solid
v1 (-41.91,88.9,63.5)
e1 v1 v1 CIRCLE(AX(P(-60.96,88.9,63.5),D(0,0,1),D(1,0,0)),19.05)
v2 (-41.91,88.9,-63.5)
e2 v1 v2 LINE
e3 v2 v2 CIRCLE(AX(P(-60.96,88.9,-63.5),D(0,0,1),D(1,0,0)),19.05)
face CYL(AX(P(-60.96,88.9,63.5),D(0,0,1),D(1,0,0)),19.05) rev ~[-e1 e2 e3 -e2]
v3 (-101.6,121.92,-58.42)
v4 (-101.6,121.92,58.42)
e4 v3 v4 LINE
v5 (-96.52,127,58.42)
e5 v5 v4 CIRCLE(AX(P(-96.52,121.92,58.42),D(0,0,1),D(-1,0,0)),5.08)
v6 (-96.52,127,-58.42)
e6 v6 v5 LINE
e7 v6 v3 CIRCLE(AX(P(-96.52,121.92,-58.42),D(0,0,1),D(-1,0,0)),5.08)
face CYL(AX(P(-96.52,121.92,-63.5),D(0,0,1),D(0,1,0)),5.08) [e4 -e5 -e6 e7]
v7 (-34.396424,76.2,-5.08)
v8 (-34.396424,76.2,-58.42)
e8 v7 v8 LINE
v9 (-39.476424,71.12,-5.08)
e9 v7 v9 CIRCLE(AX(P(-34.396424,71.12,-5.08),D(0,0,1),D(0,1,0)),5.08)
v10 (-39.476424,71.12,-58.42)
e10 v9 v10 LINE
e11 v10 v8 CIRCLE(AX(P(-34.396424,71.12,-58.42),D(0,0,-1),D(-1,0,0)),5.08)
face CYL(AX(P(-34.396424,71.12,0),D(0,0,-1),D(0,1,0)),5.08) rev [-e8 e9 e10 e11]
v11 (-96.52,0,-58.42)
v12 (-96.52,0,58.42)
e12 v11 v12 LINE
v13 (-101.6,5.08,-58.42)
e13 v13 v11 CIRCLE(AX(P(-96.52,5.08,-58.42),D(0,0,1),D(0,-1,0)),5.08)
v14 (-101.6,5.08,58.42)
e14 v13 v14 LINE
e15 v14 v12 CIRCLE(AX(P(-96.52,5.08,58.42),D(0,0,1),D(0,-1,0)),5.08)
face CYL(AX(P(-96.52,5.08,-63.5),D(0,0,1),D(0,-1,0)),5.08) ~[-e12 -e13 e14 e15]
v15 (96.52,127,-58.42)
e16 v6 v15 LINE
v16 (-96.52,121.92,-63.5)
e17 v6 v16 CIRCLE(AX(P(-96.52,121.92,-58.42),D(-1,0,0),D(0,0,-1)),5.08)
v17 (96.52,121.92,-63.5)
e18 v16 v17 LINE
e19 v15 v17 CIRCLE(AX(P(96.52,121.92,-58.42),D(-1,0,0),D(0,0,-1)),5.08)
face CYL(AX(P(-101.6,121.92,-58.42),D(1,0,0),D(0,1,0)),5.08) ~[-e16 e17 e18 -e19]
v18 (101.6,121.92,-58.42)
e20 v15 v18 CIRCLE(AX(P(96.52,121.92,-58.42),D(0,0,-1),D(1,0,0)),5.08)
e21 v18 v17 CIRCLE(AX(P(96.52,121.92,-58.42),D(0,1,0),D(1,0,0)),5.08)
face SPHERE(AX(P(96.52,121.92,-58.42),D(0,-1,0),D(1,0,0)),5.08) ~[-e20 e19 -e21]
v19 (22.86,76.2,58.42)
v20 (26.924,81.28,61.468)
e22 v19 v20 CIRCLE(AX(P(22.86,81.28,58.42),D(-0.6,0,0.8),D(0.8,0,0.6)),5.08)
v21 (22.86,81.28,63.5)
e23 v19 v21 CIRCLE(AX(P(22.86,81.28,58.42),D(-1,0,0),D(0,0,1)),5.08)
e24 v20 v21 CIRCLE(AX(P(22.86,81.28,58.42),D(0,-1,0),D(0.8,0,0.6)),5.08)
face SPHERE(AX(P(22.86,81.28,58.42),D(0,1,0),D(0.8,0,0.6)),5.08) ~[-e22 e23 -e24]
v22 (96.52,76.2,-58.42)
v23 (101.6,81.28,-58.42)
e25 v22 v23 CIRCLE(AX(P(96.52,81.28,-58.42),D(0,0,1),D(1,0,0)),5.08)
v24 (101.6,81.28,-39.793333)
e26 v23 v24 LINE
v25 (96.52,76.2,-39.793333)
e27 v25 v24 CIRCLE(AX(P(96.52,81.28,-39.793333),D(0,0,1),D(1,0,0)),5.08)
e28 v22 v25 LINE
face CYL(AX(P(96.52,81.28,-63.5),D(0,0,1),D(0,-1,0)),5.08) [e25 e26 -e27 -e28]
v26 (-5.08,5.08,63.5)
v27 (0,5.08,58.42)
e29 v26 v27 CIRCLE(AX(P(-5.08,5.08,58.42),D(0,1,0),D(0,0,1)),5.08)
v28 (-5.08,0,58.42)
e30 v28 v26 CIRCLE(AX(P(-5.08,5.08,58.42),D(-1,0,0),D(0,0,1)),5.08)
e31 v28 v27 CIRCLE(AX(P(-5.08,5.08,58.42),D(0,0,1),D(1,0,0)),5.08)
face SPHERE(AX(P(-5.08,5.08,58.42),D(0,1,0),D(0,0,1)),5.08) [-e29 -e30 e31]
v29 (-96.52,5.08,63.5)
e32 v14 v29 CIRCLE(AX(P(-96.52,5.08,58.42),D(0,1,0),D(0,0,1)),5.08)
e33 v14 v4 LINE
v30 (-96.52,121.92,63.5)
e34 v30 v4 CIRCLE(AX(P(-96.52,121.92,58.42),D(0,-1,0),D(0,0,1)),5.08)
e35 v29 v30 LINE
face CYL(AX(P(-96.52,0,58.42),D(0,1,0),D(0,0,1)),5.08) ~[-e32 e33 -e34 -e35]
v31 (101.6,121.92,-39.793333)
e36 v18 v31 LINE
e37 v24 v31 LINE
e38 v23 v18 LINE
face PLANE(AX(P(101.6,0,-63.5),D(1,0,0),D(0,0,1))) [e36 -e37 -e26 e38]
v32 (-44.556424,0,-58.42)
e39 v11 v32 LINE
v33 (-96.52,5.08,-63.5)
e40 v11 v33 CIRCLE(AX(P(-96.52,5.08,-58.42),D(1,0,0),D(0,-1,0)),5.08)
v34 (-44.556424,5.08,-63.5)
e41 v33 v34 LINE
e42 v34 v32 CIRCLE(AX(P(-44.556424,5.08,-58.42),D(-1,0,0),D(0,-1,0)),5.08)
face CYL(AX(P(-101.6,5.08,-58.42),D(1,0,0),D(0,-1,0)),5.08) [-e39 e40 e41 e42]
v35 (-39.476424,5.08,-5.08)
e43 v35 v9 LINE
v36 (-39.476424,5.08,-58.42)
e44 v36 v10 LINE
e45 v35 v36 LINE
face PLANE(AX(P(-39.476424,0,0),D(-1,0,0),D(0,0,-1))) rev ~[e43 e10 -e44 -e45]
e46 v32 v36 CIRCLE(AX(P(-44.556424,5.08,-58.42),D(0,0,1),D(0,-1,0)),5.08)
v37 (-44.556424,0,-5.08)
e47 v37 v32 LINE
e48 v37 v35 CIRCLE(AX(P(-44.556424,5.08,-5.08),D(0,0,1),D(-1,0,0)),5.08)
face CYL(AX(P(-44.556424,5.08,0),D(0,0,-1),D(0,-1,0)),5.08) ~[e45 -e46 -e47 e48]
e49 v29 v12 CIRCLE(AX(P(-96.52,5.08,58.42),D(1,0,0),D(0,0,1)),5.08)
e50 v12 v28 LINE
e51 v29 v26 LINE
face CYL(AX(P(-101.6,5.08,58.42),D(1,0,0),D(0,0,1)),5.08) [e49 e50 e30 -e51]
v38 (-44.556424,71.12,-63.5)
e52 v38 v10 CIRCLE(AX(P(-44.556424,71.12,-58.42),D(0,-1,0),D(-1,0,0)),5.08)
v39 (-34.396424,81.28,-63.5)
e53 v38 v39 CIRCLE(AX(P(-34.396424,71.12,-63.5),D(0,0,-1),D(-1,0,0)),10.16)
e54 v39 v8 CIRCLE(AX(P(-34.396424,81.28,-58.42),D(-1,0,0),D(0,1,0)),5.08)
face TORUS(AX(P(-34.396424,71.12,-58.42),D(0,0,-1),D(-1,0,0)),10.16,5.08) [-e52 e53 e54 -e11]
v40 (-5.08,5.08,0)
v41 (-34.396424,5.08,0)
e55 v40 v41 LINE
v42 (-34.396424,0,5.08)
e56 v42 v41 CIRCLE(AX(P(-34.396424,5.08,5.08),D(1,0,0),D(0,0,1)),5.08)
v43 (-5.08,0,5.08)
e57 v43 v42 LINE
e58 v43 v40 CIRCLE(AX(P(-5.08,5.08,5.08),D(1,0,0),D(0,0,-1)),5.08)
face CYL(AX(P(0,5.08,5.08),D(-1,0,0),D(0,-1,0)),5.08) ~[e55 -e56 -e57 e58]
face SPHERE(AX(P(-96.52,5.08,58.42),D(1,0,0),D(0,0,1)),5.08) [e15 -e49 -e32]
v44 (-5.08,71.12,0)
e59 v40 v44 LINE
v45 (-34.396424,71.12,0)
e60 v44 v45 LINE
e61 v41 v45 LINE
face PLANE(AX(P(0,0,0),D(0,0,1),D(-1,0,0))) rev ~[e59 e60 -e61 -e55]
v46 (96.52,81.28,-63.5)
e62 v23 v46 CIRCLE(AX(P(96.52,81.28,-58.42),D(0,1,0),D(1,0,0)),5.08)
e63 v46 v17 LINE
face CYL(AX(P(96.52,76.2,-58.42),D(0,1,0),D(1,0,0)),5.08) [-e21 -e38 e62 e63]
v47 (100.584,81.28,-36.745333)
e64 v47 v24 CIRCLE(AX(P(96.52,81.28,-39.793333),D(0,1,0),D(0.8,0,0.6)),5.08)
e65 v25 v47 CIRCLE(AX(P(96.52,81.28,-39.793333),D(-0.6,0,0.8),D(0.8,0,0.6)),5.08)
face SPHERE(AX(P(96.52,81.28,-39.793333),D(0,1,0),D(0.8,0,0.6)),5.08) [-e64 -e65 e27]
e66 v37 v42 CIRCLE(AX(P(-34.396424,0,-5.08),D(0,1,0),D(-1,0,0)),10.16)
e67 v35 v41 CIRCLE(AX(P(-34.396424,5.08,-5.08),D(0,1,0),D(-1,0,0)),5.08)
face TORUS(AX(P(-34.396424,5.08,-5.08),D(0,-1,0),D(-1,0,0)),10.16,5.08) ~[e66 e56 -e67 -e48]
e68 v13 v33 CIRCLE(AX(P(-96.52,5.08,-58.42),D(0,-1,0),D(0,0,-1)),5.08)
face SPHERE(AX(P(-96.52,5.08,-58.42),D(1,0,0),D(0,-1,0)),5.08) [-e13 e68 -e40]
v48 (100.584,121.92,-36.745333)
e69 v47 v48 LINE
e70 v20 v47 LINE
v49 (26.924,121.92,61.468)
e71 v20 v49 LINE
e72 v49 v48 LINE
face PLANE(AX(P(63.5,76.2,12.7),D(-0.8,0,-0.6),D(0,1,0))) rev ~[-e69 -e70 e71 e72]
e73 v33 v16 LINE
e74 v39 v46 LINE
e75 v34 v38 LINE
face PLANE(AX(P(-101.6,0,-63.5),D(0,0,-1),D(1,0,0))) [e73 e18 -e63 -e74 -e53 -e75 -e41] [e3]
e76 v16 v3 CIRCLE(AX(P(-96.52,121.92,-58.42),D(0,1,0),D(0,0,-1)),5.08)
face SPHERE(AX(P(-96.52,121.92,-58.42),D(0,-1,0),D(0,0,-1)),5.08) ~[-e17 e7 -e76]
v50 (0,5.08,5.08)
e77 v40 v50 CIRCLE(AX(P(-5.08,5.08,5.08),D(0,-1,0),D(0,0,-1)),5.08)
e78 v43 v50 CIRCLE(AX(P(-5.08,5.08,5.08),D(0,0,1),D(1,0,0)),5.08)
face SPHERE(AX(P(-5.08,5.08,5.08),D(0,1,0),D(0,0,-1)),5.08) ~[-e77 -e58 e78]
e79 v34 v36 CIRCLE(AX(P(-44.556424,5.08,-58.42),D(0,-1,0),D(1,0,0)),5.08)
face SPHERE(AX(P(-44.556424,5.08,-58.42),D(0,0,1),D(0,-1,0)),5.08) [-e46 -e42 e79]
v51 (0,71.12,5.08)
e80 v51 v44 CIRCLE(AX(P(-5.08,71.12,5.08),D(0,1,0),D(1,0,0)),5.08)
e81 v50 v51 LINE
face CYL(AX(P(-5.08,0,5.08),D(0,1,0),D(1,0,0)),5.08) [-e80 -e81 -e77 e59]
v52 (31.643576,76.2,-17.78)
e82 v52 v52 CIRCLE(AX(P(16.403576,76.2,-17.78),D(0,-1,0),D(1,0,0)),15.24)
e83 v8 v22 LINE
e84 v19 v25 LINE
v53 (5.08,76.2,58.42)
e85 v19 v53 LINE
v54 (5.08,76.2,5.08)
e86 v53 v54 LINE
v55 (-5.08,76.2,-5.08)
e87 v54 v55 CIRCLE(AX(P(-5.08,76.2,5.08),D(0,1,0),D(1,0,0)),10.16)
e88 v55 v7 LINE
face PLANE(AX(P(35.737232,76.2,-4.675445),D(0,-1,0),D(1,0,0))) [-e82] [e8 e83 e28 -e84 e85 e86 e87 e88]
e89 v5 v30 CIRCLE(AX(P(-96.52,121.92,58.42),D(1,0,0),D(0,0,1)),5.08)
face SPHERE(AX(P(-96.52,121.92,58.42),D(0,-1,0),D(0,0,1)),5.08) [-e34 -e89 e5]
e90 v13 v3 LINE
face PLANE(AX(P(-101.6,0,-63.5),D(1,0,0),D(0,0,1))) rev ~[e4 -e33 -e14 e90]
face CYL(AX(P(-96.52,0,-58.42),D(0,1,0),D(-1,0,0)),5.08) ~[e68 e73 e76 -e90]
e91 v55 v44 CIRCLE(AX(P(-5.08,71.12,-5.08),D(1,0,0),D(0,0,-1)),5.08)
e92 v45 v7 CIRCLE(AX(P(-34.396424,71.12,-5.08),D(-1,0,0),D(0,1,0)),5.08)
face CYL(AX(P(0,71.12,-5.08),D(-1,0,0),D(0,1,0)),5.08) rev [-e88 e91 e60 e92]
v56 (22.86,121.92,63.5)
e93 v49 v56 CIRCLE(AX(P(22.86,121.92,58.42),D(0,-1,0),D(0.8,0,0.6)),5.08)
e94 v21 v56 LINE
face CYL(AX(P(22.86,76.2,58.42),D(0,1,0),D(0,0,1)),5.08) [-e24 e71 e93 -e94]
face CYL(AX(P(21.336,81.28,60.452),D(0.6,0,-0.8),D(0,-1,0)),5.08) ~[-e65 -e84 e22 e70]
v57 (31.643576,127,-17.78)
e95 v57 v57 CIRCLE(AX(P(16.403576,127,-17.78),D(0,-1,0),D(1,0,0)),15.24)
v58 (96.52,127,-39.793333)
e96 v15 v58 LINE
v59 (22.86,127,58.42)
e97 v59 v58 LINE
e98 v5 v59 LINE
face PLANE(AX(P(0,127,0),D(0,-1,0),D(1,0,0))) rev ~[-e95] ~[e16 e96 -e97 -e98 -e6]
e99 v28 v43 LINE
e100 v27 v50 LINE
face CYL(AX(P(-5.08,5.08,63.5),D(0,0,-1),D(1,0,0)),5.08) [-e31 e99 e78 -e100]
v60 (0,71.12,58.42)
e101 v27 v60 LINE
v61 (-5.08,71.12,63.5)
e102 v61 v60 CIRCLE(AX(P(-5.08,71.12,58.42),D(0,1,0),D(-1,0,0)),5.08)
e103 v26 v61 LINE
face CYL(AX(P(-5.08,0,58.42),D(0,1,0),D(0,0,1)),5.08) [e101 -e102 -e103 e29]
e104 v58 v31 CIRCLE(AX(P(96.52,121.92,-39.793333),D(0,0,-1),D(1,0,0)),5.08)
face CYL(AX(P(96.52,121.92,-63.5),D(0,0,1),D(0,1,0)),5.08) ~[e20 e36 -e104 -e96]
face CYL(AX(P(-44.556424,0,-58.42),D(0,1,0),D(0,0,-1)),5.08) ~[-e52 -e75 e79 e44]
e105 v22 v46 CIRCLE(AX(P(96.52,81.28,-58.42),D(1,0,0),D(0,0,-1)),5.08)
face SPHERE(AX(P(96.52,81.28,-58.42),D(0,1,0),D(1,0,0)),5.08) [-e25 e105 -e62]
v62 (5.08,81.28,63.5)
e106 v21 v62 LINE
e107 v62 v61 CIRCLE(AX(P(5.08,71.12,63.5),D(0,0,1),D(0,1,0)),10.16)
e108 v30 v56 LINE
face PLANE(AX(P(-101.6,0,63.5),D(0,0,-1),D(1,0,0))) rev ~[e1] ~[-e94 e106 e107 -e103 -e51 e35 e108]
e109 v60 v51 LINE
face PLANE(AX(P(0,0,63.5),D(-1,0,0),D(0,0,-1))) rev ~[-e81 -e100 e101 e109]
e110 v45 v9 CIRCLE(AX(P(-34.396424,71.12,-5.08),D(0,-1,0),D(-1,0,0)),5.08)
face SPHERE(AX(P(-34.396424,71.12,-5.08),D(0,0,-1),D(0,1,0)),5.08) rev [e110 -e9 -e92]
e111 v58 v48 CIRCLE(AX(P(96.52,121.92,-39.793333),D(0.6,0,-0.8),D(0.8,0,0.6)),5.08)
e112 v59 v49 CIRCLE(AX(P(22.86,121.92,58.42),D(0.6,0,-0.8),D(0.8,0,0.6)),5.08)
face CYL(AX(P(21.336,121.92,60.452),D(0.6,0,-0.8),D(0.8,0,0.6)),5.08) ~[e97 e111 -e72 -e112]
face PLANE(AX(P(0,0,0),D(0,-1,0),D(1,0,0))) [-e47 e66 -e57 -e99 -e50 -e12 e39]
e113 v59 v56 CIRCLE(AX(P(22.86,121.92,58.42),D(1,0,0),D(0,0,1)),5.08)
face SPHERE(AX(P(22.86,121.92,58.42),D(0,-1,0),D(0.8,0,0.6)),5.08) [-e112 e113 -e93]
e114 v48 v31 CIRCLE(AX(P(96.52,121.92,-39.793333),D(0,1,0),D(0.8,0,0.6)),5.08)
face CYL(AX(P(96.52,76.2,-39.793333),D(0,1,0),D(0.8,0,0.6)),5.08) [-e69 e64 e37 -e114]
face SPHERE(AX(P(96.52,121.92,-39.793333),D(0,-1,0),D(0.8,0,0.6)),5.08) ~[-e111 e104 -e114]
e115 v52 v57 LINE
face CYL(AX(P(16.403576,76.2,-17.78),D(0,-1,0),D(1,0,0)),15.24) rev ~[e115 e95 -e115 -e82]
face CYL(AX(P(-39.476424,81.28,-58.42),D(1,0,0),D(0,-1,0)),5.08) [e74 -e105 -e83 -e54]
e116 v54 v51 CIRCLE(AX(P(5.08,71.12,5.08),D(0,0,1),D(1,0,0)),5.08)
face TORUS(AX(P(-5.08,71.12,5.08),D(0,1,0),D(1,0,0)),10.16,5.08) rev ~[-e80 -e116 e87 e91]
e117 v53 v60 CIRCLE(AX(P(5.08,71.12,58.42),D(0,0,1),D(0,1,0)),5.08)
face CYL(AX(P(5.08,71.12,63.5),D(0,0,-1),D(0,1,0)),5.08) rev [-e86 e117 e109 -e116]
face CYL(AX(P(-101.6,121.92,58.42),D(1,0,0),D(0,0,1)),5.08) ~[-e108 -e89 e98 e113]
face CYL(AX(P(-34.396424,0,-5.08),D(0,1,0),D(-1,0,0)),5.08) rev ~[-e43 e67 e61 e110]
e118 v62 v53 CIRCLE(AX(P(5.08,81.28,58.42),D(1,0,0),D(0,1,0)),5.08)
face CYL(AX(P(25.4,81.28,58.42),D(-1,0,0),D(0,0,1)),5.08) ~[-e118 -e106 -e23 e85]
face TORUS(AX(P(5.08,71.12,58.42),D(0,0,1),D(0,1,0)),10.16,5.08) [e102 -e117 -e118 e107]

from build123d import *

# Parameters (mm, degrees)
F0_W     = 203.2
F0_H     = 127
F1_DEPTH = 127
F3_DEPTH = 76.2
F4_SIZE2 = 101.6
F4_SIZE  = 76.2
F5_R     = 5.08
F6_R     = 15.24
F7_DEPTH = 50.8
F8_R     = 19.05
F9_DEPTH = 127


with BuildPart() as f1:
    # F0 (on Front) → F1 (new body)
    with BuildSketch(Plane.XZ):
        Rectangle(F0_W, F0_H)
    extrude(amount=-F1_DEPTH)

    # F2 (on face) → F3 (cut)
    with BuildSketch(Plane.XZ):
        Polygon((-39.4764244556, 0), (-39.4764244556, -63.5), (101.6, -63.5), (101.6, 63.5), (0, 63.5), (0, 0), align=None)
    extrude(amount=-F3_DEPTH, mode=Mode.SUBTRACT)

    # F4
    f4_edges = [f1.edges().sort_by_distance(p)[0] for p in [
        (101.6, 101.6, 63.5),
    ]]
    f4_side = f1.faces().sort_by_distance((-21.771429, 74.385714, 63.5))[0]
    chamfer(f4_edges, length=F4_SIZE, length2=F4_SIZE2, reference=f4_side)

    # F5
    f5_edges = [f1.edges().sort_by_distance(p)[0] for p in [
        (101.6, 101.6, -63.5),
        (101.6, 101.6, -38.1),
        (25.4, 101.6, 63.5),
        (63.5, 76.2, 12.7),
        (63.5, 127, 12.7),
        (12.7, 76.2, 63.5),
        (0, 38.1, 63.5),
        (0, 38.1, 0),
        (101.6, 76.2, -50.8),
        (31.061788, 76.2, -63.5),
        (-39.476424, 76.2, -31.75),
        (0, 76.2, 31.75),
        (-19.738212, 76.2, 0),
        (-39.476424, 0, -31.75),
        (-19.738212, 0, 0),
        (-50.8, 0, 63.5),
        (0, 0, 31.75),
        (-101.6, 63.5, 63.5),
        (-38.1, 127, 63.5),
        (-70.538212, 0, -63.5),
        (-101.6, 0, 0),
        (-101.6, 63.5, -63.5),
        (-39.476424, 38.1, 0),
        (101.6, 127, -50.8),
        (0, 127, -63.5),
        (-39.476424, 38.1, -63.5),
        (-101.6, 127, 0),
    ]]
    fillet(f5_edges, radius=F5_R)

    # F6 (on face) → F7 (cut, through all)
    with BuildSketch(Plane.XZ.offset(-76.2)):
        with Locations((16.4035755444, -17.78)):
            Circle(F6_R)
    extrude(amount=-F7_DEPTH, mode=Mode.SUBTRACT)

    # F8 (on face) → F9 (cut, through all)
    with BuildSketch(Plane.XY.offset(63.5)):
        with Locations((-60.96, 88.9)):
            Circle(F8_R)
    extrude(amount=-F9_DEPTH, mode=Mode.SUBTRACT)


solid = f1.part
